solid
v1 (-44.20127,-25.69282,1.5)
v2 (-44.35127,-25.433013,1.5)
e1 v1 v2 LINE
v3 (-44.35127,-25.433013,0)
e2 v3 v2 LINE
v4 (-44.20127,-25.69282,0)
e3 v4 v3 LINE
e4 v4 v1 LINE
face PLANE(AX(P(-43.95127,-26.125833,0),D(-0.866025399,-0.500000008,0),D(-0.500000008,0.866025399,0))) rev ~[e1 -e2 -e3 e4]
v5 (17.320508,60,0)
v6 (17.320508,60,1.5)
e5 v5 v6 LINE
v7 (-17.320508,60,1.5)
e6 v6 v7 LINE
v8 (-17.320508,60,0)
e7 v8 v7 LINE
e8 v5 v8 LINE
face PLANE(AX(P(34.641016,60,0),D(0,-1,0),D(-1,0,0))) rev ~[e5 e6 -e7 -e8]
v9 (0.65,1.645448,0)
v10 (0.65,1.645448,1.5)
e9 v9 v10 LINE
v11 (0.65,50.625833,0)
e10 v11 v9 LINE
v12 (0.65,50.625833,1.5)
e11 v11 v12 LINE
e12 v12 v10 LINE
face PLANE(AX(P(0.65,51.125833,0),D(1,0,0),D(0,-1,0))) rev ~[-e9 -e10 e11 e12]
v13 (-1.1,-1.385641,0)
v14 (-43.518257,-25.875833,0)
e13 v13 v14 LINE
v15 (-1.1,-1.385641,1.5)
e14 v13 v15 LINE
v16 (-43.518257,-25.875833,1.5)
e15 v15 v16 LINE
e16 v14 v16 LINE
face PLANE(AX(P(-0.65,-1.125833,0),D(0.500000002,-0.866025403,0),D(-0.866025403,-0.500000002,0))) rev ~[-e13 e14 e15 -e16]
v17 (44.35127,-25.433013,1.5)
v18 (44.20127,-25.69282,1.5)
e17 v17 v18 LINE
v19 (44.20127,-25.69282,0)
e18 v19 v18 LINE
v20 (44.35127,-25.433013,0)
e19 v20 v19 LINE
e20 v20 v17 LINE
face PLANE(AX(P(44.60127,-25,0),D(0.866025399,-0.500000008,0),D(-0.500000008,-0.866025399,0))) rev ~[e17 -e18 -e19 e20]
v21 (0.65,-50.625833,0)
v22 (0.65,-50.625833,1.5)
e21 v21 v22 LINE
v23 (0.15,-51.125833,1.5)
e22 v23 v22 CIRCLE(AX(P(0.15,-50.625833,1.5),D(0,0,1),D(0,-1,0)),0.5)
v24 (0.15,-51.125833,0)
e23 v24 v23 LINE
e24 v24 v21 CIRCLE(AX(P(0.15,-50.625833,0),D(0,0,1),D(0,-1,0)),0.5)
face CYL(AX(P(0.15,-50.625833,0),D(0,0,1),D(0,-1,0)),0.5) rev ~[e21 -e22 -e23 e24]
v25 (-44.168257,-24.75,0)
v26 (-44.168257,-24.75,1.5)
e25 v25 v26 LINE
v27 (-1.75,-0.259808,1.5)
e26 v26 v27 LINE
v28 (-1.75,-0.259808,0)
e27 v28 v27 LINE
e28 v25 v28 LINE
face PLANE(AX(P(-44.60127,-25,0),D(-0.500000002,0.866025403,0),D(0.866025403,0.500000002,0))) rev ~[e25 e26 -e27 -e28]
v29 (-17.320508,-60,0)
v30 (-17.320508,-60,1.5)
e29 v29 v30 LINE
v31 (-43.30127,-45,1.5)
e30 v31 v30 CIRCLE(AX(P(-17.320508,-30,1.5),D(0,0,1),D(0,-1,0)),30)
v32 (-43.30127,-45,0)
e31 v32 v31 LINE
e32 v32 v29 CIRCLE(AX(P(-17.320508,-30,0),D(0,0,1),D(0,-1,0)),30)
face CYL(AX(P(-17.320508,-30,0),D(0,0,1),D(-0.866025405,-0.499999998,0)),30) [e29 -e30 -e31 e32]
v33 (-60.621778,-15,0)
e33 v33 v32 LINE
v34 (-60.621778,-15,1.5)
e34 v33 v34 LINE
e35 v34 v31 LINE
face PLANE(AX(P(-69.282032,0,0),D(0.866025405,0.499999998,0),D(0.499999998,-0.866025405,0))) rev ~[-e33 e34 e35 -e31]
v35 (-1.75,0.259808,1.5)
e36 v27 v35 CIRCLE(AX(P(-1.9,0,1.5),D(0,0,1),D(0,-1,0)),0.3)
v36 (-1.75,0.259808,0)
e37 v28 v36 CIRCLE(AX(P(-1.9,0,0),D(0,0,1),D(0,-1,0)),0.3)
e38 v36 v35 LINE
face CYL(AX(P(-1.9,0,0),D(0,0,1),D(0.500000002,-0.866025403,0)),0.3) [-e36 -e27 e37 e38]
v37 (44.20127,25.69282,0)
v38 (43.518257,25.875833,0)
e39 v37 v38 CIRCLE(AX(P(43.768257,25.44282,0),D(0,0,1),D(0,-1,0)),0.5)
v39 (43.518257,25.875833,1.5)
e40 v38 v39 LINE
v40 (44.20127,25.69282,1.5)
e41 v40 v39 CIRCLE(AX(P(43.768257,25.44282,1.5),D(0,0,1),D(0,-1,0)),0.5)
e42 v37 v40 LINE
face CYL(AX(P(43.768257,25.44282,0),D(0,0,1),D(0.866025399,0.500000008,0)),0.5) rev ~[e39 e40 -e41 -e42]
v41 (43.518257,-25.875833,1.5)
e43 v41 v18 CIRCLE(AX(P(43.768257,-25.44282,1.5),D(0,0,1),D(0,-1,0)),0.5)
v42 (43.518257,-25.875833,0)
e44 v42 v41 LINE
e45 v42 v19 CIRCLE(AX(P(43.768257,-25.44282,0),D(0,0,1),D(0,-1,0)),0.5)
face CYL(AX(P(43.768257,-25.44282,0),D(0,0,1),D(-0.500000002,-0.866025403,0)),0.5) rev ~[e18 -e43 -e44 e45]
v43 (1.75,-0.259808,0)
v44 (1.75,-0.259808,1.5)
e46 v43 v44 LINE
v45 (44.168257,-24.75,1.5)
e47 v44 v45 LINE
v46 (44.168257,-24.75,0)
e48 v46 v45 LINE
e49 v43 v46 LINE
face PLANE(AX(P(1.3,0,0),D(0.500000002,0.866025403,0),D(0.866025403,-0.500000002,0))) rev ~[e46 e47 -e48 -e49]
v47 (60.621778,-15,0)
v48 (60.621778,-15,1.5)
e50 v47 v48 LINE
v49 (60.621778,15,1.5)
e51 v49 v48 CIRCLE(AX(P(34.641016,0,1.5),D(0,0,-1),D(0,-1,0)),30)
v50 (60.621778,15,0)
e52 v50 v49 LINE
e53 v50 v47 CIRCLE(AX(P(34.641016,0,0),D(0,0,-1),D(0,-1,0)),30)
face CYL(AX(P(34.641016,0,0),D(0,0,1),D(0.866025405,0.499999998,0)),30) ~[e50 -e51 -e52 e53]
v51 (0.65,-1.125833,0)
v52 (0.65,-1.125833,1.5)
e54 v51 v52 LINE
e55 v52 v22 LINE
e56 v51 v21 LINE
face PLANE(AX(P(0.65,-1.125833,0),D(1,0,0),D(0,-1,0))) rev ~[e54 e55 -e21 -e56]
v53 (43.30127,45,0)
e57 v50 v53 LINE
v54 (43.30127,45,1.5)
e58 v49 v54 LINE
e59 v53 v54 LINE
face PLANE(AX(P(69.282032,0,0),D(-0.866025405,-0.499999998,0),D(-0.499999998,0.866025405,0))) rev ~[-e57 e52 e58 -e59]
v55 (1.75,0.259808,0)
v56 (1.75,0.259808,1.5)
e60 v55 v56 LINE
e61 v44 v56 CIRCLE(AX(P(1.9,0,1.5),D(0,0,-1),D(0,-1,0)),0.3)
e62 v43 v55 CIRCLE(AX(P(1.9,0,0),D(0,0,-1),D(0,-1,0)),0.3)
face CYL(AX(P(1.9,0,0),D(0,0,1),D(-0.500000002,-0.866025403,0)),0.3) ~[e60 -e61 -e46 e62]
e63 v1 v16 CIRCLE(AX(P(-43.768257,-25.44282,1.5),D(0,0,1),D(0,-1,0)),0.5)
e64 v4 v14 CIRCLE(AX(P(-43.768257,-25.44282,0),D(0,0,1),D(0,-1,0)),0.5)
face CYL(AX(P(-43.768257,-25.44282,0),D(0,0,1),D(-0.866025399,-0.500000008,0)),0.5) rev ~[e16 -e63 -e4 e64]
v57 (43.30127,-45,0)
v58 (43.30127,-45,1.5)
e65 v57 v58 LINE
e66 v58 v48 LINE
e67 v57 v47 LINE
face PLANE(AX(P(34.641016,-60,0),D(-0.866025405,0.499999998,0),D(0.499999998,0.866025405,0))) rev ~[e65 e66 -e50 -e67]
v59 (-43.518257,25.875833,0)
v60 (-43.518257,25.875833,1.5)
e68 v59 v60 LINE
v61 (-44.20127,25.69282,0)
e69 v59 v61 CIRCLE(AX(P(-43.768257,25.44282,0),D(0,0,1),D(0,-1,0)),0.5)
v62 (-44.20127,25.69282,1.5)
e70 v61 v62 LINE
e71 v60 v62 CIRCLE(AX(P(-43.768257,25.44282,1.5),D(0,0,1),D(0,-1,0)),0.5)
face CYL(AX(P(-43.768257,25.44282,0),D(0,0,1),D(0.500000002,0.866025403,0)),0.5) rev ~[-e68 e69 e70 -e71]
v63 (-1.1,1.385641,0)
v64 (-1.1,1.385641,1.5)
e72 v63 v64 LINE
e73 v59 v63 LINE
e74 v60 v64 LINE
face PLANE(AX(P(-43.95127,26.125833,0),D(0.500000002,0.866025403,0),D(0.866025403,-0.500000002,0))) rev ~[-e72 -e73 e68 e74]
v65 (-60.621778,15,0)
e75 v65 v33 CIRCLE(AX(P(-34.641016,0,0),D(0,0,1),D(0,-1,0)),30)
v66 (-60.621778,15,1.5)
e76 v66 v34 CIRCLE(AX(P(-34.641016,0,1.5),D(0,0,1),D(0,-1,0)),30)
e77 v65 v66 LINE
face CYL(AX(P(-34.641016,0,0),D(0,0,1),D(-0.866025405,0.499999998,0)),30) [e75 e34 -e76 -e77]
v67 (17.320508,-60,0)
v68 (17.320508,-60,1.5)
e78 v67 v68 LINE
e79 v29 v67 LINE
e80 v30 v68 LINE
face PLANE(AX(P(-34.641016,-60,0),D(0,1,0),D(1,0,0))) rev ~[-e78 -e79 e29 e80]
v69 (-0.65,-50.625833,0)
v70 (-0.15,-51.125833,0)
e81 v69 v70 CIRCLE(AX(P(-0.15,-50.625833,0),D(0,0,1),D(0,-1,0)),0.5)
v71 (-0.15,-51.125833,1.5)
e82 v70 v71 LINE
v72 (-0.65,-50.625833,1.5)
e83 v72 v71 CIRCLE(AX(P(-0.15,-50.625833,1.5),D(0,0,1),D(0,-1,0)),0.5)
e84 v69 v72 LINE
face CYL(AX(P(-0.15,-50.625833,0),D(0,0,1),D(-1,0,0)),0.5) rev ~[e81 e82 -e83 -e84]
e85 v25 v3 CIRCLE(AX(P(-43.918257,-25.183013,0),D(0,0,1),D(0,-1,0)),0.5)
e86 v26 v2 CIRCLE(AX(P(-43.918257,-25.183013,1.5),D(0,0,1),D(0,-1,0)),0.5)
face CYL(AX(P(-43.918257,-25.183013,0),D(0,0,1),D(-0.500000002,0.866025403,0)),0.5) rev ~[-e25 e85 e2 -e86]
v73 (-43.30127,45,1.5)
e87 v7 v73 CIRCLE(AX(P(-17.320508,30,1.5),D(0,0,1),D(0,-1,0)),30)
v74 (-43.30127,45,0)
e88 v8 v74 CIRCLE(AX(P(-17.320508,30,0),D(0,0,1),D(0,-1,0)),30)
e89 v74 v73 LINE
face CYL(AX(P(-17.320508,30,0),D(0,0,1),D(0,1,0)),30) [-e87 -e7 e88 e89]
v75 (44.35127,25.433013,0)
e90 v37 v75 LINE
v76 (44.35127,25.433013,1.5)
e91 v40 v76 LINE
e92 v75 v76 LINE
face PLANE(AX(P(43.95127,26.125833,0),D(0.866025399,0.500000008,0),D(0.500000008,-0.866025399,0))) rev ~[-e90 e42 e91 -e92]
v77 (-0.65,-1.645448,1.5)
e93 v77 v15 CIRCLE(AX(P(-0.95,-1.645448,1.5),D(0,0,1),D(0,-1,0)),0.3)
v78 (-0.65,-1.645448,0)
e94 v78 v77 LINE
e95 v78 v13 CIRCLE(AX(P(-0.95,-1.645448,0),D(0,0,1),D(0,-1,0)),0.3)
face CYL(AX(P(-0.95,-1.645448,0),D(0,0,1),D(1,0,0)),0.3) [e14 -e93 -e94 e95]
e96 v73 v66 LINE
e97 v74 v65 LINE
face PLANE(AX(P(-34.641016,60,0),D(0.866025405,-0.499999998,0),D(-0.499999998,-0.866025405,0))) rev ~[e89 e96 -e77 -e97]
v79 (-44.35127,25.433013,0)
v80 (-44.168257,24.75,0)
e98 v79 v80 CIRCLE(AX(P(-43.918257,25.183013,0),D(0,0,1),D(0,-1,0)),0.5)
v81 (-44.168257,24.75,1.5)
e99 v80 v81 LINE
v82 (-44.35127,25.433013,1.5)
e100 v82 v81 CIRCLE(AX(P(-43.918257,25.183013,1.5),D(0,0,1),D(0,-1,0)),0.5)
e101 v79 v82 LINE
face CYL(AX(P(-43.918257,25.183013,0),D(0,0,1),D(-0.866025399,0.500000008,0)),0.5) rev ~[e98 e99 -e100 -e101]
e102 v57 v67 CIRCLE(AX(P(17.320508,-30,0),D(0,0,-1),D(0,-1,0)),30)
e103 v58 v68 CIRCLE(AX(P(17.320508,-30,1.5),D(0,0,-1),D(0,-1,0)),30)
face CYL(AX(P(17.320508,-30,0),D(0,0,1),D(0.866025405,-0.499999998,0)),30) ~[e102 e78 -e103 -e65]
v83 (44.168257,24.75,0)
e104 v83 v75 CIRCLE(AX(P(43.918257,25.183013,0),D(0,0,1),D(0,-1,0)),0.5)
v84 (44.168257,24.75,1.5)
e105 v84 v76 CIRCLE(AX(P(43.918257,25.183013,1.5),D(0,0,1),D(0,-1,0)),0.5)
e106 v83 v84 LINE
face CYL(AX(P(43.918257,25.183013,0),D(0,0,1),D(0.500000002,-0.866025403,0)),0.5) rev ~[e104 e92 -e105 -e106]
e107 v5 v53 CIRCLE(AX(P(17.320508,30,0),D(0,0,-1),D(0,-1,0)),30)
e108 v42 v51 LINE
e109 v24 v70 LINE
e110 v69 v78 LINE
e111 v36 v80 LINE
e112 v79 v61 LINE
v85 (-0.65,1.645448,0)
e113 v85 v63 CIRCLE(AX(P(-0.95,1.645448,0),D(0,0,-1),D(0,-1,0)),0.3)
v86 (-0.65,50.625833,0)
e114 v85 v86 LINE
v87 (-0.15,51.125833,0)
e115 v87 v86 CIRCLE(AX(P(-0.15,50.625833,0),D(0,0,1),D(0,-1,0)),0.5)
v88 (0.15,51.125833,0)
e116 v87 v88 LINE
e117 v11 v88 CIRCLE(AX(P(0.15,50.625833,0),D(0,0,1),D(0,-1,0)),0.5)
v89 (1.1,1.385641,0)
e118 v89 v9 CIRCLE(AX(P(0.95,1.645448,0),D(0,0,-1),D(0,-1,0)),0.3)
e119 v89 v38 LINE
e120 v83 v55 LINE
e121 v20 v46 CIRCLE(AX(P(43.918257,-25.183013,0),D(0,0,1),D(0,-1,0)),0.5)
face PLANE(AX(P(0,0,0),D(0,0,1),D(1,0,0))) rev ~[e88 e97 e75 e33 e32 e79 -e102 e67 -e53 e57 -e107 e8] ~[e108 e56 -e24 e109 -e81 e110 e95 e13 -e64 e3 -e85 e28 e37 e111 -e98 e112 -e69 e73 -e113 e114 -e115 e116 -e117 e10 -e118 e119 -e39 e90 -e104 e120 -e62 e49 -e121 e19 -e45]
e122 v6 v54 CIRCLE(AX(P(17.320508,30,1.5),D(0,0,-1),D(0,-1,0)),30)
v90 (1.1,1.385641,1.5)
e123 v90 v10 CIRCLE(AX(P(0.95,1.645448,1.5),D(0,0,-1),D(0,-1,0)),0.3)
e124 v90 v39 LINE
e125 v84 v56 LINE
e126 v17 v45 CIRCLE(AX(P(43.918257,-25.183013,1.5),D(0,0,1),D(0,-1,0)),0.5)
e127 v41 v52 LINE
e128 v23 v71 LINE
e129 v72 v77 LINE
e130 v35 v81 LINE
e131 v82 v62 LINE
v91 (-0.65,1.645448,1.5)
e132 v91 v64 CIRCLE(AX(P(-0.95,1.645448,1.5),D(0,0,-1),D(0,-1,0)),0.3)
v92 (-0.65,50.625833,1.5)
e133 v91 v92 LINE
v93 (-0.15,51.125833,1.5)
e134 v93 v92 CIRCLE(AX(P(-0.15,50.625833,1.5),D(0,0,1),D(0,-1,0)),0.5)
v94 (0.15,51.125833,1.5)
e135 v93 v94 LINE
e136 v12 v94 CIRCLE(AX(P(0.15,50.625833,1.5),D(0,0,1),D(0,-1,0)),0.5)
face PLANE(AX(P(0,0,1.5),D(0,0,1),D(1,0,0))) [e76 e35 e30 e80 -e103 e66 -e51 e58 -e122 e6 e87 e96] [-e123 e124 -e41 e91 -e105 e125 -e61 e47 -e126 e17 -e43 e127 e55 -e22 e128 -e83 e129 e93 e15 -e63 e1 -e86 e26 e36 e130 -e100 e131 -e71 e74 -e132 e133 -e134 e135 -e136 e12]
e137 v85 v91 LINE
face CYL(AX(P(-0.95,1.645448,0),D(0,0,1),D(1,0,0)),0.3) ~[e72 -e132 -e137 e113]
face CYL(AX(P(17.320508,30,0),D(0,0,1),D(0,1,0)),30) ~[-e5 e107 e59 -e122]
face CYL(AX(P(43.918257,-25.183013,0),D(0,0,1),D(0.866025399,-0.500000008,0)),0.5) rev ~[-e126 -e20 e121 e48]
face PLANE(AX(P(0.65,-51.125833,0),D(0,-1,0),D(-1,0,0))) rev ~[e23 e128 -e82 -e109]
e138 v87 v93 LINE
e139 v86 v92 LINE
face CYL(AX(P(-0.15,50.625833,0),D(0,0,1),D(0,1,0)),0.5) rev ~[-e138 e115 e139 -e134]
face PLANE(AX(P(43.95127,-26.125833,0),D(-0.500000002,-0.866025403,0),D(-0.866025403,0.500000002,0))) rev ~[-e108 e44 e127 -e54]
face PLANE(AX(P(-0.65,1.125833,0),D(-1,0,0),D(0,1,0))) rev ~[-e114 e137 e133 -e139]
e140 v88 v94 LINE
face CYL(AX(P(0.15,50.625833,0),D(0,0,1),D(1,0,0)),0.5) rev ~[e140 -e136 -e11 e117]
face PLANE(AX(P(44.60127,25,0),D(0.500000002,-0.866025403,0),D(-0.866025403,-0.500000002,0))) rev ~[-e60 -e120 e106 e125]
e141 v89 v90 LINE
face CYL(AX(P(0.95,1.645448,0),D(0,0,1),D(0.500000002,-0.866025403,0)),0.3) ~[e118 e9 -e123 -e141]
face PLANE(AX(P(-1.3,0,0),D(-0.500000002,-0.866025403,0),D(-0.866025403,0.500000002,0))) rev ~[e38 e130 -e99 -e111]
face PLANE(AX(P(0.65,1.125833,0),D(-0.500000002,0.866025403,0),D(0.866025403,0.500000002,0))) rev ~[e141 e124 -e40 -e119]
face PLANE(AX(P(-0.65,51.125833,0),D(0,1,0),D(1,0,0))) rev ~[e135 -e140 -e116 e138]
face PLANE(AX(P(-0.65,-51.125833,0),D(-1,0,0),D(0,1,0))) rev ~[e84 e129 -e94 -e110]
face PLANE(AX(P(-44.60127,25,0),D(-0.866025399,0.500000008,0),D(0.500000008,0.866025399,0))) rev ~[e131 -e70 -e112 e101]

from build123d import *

# Parameters (mm, degrees)
F1_DEPTH = 1.5
F2_R     = 30
F3_R     = 0.5
F4_R     = 0.3


with BuildPart() as f1:
    # F0 (on Top) → F1 (new body)
    with BuildSketch(Plane.XY):
        Polygon((34.641016, 60), (-34.641016, 60), (-69.282032, 0), (-34.641016, -60), (34.641016, -60), (69.282032, 0), align=None)
        Polygon((0.65, -1.125833), (0.65, -51.125833), (-0.65, -51.125833), (-0.65, -1.125833), (-43.95127, -26.125833), (-44.60127, -25), (-1.3, 0), (-44.60127, 25), (-43.95127, 26.125833), (-0.65, 1.125833), (-0.65, 51.125833), (0.65, 51.125833), (0.65, 1.125833), (43.95127, 26.125833), (44.60127, 25), (1.3, 0), (44.60127, -25), (43.95127, -26.125833), align=None, mode=Mode.SUBTRACT)
    extrude(amount=F1_DEPTH)

    # F2
    f2_edges = [f1.edges().sort_by_distance(p)[0] for p in [
        (34.641016, 60, 0.75),
        (69.282032, 0, 0.75),
        (34.641016, -60, 0.75),
        (-34.641016, -60, 0.75),
        (-69.282032, 0, 0.75),
        (-34.641016, 60, 0.75),
    ]]
    fillet(f2_edges, radius=F2_R)

    # F3
    f3_edges = [f1.edges().sort_by_distance(p)[0] for p in [
        (43.95127, -26.125833, 0.75),
        (44.60127, -25, 0.75),
        (43.95127, 26.125833, 0.75),
        (44.60127, 25, 0.75),
        (-0.65, 51.125833, 0.75),
        (0.65, 51.125833, 0.75),
        (-44.60127, 25, 0.75),
        (-43.95127, 26.125833, 0.75),
        (-43.95127, -26.125833, 0.75),
        (-44.60127, -25, 0.75),
        (-0.65, -51.125833, 0.75),
        (0.65, -51.125833, 0.75),
    ]]
    fillet(f3_edges, radius=F3_R)

    # F4
    f4_edges = [f1.edges().sort_by_distance(p)[0] for p in [
        (-0.65, 1.125833, 0.75),
        (-1.3, 0, 0.75),
        (-0.65, -1.125833, 0.75),
        (0.65, 1.125833, 0.75),
        (1.3, 0, 0.75),
    ]]
    fillet(f4_edges, radius=F4_R)


solid = f1.part
